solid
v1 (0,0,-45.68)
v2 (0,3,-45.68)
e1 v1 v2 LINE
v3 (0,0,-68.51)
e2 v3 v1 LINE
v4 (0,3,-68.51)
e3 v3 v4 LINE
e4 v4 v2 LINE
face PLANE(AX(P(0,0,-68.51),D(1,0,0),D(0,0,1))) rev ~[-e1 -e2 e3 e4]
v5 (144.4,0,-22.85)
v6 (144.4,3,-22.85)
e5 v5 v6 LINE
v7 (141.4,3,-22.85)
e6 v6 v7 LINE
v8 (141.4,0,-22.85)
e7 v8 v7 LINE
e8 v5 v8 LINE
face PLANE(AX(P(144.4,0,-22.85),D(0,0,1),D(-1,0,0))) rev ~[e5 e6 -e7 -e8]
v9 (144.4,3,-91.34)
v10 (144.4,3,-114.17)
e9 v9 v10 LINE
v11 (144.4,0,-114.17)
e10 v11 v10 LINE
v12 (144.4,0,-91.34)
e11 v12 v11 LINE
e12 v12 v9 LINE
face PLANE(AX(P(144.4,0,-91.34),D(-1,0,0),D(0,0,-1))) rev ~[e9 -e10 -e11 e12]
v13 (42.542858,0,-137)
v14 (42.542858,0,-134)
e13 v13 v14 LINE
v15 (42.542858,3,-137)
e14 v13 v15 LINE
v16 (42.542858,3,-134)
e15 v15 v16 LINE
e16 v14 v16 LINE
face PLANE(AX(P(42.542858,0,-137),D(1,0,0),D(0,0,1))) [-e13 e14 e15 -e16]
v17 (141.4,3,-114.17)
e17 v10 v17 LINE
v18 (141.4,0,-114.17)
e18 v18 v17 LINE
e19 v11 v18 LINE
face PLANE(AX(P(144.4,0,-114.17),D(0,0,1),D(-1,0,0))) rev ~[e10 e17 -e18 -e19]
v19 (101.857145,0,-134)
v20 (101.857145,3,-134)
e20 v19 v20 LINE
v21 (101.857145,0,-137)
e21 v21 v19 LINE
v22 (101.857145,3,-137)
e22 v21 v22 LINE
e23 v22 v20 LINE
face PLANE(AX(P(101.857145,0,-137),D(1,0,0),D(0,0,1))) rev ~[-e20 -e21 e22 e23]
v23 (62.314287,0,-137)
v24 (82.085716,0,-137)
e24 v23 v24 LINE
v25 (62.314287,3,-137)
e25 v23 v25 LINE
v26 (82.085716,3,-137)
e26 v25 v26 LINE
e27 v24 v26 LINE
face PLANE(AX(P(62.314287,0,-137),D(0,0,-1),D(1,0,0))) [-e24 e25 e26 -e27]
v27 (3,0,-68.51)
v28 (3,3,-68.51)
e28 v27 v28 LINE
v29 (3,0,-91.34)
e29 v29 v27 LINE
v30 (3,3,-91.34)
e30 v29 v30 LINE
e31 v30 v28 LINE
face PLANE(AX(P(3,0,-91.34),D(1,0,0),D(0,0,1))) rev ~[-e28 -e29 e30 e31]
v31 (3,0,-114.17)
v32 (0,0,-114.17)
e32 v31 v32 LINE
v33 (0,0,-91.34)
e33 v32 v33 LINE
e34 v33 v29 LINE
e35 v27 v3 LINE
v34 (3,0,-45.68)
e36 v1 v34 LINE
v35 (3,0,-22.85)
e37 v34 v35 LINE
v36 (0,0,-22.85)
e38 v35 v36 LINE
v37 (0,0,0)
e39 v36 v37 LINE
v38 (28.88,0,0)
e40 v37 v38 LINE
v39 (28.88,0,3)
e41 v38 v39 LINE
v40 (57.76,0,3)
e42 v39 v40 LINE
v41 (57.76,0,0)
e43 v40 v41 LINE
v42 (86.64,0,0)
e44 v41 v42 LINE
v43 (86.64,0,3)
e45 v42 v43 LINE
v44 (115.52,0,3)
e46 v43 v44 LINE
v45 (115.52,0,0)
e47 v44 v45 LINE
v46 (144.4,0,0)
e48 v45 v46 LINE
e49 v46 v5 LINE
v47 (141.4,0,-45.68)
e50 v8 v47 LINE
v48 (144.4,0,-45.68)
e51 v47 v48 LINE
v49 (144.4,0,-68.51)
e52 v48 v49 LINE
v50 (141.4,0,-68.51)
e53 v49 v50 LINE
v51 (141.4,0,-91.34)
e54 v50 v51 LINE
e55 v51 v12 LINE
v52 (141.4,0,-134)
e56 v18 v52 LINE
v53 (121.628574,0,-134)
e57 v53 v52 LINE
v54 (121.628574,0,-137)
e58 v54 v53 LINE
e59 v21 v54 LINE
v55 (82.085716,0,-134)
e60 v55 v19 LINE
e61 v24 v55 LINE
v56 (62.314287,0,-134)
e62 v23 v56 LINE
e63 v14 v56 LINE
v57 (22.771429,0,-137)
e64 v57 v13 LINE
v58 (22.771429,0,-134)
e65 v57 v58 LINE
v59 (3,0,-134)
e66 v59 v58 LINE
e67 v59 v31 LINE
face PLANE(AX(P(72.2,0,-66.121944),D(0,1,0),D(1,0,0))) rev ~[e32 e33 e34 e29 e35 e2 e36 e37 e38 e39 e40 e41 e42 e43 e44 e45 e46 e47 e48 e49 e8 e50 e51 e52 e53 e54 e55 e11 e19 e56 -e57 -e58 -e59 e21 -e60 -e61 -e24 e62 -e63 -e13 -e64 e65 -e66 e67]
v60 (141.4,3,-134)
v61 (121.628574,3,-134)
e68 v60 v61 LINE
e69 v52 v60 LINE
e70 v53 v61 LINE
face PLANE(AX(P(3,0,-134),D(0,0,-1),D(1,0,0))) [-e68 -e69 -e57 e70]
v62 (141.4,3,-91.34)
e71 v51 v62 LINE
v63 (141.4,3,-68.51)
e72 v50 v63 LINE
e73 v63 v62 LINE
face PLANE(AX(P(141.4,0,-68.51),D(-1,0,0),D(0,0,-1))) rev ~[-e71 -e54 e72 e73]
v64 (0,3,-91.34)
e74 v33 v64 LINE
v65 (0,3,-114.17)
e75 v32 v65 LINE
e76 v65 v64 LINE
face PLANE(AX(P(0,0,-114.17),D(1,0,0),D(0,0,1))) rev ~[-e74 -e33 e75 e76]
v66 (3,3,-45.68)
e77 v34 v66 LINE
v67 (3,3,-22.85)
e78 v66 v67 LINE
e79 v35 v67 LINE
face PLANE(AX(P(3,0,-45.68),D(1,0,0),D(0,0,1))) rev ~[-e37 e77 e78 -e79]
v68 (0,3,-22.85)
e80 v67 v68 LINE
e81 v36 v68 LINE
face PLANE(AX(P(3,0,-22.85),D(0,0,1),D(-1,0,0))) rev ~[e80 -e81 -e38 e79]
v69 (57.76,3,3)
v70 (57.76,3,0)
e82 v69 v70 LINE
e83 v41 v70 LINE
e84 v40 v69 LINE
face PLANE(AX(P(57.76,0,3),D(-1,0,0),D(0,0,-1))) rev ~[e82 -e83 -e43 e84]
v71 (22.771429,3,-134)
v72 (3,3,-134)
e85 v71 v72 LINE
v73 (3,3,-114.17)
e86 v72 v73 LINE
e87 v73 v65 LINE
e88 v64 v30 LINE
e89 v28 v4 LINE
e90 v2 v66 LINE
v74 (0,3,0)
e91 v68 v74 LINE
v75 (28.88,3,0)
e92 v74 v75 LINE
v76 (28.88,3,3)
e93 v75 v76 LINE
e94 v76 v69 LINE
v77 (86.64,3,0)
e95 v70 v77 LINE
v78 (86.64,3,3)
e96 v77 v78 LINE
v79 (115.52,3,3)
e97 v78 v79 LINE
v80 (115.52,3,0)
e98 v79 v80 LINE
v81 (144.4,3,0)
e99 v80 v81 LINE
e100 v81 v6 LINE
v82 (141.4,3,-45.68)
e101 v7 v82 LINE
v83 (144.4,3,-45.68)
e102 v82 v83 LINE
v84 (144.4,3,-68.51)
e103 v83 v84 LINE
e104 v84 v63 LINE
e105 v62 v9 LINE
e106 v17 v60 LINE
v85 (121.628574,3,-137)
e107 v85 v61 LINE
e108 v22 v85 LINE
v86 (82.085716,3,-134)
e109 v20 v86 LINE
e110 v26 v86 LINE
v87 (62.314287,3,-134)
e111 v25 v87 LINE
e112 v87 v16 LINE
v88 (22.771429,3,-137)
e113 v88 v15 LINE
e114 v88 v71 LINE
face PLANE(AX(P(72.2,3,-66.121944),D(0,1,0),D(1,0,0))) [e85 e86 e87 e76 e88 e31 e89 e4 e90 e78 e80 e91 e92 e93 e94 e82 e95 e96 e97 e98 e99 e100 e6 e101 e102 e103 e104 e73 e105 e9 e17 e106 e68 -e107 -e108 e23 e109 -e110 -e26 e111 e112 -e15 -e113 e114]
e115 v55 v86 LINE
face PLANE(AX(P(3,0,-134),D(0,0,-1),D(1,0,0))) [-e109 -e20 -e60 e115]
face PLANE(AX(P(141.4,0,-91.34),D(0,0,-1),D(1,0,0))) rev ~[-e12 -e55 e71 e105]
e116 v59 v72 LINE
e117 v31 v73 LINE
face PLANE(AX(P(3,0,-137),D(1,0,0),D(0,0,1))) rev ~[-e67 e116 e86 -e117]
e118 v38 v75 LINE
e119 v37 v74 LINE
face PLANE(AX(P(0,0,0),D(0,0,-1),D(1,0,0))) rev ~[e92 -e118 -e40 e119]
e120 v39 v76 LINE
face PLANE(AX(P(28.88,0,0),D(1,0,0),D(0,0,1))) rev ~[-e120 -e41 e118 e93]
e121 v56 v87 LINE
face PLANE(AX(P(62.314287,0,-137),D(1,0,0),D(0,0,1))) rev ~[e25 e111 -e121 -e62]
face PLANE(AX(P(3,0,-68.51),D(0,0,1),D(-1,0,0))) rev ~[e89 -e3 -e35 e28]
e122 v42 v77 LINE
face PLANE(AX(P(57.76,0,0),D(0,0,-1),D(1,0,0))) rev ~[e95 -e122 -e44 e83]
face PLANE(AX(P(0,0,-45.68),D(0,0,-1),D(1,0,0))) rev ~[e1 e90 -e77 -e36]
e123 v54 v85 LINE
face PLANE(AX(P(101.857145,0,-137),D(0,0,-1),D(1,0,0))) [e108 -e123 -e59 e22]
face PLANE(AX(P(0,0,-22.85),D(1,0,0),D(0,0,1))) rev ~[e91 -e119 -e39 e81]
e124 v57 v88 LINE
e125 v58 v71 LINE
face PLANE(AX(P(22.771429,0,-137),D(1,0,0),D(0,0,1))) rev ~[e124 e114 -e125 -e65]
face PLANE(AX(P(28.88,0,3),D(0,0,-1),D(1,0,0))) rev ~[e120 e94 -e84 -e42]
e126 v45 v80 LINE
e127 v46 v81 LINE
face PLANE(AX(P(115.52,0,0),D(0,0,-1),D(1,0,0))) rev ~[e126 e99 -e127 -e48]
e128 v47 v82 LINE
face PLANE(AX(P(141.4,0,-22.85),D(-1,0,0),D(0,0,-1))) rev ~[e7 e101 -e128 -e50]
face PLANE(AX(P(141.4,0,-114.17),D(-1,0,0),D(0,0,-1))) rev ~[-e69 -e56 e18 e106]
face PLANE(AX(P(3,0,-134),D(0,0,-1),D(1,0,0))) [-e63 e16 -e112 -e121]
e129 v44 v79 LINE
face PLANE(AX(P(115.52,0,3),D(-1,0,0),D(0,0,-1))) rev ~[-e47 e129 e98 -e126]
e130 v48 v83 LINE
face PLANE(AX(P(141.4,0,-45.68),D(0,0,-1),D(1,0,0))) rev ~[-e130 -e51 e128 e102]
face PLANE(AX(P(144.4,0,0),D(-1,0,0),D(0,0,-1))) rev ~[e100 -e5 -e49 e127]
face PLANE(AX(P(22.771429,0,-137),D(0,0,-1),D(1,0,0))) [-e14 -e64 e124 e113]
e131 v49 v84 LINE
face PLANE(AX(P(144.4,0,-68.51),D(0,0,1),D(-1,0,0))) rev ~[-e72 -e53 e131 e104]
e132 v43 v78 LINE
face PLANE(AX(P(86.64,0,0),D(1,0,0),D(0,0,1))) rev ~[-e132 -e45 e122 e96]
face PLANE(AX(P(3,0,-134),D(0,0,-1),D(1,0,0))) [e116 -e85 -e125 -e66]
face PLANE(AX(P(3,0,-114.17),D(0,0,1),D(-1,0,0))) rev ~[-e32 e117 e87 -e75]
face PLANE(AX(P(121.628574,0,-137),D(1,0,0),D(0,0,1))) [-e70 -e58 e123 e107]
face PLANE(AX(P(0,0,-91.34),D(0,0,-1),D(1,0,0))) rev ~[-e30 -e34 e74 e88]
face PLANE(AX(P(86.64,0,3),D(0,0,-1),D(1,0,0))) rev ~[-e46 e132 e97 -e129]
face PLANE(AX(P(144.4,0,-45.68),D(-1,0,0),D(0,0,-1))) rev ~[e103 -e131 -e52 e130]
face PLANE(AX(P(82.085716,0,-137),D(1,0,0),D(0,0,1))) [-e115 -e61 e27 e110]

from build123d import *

# Parameters (mm, degrees)
BOSS_EXTRUDE1_DEPTH = 3
SKETCH2_W           = 138.4
SKETCH2_H           = 3
CUT_EXTRUDE1_DEPTH  = 4
SKETCH3_W           = 19.771429
SKETCH3_H           = 3
BOSS_EXTRUDE2_DEPTH = 3


with BuildPart() as part:
    # Sketch1 → Boss-Extrude1 (new body)
    with BuildSketch(Plane(origin=(0, 0, 0), x_dir=(1, 0, 0), z_dir=(0, 1, 0))):
        Polygon((0, 0), (28.88, 0), (28.88, -3), (57.76, -3), (57.76, 0), (86.64, 0), (86.64, -3), (115.52, -3), (115.52, 0), (144.4, 0), (144.4, 22.85), (141.4, 22.85), (141.4, 45.68), (144.4, 45.68), (144.4, 68.51), (141.4, 68.51), (141.4, 91.34), (144.4, 91.34), (144.4, 114.17), (141.4, 114.17), (141.4, 137), (3, 137), (3, 114.17), (0, 114.17), (0, 91.34), (3, 91.34), (3, 68.51), (0, 68.51), (0, 45.68), (3, 45.68), (3, 22.85), (0, 22.85), align=None)
    extrude(amount=BOSS_EXTRUDE1_DEPTH)

    # Sketch2 → Cut-Extrude1 (cut, through all)
    with BuildSketch(Plane.XZ):
        with Locations((72.2, -135.5)):
            Rectangle(SKETCH2_W, SKETCH2_H)
    extrude(amount=-CUT_EXTRUDE1_DEPTH, mode=Mode.SUBTRACT)

    # Sketch3 → Boss-Extrude2 (add)
    with BuildSketch(Plane.XZ):
        with Locations((32.657143071, -135.5)):
            Rectangle(SKETCH3_W, SKETCH3_H)
        with Locations((72.200001071, -135.5)):
            Rectangle(SKETCH3_W, SKETCH3_H)
        with Locations((111.742859071, -135.5)):
            Rectangle(SKETCH3_W, SKETCH3_H)
    extrude(amount=-BOSS_EXTRUDE2_DEPTH)


solid = part.part
